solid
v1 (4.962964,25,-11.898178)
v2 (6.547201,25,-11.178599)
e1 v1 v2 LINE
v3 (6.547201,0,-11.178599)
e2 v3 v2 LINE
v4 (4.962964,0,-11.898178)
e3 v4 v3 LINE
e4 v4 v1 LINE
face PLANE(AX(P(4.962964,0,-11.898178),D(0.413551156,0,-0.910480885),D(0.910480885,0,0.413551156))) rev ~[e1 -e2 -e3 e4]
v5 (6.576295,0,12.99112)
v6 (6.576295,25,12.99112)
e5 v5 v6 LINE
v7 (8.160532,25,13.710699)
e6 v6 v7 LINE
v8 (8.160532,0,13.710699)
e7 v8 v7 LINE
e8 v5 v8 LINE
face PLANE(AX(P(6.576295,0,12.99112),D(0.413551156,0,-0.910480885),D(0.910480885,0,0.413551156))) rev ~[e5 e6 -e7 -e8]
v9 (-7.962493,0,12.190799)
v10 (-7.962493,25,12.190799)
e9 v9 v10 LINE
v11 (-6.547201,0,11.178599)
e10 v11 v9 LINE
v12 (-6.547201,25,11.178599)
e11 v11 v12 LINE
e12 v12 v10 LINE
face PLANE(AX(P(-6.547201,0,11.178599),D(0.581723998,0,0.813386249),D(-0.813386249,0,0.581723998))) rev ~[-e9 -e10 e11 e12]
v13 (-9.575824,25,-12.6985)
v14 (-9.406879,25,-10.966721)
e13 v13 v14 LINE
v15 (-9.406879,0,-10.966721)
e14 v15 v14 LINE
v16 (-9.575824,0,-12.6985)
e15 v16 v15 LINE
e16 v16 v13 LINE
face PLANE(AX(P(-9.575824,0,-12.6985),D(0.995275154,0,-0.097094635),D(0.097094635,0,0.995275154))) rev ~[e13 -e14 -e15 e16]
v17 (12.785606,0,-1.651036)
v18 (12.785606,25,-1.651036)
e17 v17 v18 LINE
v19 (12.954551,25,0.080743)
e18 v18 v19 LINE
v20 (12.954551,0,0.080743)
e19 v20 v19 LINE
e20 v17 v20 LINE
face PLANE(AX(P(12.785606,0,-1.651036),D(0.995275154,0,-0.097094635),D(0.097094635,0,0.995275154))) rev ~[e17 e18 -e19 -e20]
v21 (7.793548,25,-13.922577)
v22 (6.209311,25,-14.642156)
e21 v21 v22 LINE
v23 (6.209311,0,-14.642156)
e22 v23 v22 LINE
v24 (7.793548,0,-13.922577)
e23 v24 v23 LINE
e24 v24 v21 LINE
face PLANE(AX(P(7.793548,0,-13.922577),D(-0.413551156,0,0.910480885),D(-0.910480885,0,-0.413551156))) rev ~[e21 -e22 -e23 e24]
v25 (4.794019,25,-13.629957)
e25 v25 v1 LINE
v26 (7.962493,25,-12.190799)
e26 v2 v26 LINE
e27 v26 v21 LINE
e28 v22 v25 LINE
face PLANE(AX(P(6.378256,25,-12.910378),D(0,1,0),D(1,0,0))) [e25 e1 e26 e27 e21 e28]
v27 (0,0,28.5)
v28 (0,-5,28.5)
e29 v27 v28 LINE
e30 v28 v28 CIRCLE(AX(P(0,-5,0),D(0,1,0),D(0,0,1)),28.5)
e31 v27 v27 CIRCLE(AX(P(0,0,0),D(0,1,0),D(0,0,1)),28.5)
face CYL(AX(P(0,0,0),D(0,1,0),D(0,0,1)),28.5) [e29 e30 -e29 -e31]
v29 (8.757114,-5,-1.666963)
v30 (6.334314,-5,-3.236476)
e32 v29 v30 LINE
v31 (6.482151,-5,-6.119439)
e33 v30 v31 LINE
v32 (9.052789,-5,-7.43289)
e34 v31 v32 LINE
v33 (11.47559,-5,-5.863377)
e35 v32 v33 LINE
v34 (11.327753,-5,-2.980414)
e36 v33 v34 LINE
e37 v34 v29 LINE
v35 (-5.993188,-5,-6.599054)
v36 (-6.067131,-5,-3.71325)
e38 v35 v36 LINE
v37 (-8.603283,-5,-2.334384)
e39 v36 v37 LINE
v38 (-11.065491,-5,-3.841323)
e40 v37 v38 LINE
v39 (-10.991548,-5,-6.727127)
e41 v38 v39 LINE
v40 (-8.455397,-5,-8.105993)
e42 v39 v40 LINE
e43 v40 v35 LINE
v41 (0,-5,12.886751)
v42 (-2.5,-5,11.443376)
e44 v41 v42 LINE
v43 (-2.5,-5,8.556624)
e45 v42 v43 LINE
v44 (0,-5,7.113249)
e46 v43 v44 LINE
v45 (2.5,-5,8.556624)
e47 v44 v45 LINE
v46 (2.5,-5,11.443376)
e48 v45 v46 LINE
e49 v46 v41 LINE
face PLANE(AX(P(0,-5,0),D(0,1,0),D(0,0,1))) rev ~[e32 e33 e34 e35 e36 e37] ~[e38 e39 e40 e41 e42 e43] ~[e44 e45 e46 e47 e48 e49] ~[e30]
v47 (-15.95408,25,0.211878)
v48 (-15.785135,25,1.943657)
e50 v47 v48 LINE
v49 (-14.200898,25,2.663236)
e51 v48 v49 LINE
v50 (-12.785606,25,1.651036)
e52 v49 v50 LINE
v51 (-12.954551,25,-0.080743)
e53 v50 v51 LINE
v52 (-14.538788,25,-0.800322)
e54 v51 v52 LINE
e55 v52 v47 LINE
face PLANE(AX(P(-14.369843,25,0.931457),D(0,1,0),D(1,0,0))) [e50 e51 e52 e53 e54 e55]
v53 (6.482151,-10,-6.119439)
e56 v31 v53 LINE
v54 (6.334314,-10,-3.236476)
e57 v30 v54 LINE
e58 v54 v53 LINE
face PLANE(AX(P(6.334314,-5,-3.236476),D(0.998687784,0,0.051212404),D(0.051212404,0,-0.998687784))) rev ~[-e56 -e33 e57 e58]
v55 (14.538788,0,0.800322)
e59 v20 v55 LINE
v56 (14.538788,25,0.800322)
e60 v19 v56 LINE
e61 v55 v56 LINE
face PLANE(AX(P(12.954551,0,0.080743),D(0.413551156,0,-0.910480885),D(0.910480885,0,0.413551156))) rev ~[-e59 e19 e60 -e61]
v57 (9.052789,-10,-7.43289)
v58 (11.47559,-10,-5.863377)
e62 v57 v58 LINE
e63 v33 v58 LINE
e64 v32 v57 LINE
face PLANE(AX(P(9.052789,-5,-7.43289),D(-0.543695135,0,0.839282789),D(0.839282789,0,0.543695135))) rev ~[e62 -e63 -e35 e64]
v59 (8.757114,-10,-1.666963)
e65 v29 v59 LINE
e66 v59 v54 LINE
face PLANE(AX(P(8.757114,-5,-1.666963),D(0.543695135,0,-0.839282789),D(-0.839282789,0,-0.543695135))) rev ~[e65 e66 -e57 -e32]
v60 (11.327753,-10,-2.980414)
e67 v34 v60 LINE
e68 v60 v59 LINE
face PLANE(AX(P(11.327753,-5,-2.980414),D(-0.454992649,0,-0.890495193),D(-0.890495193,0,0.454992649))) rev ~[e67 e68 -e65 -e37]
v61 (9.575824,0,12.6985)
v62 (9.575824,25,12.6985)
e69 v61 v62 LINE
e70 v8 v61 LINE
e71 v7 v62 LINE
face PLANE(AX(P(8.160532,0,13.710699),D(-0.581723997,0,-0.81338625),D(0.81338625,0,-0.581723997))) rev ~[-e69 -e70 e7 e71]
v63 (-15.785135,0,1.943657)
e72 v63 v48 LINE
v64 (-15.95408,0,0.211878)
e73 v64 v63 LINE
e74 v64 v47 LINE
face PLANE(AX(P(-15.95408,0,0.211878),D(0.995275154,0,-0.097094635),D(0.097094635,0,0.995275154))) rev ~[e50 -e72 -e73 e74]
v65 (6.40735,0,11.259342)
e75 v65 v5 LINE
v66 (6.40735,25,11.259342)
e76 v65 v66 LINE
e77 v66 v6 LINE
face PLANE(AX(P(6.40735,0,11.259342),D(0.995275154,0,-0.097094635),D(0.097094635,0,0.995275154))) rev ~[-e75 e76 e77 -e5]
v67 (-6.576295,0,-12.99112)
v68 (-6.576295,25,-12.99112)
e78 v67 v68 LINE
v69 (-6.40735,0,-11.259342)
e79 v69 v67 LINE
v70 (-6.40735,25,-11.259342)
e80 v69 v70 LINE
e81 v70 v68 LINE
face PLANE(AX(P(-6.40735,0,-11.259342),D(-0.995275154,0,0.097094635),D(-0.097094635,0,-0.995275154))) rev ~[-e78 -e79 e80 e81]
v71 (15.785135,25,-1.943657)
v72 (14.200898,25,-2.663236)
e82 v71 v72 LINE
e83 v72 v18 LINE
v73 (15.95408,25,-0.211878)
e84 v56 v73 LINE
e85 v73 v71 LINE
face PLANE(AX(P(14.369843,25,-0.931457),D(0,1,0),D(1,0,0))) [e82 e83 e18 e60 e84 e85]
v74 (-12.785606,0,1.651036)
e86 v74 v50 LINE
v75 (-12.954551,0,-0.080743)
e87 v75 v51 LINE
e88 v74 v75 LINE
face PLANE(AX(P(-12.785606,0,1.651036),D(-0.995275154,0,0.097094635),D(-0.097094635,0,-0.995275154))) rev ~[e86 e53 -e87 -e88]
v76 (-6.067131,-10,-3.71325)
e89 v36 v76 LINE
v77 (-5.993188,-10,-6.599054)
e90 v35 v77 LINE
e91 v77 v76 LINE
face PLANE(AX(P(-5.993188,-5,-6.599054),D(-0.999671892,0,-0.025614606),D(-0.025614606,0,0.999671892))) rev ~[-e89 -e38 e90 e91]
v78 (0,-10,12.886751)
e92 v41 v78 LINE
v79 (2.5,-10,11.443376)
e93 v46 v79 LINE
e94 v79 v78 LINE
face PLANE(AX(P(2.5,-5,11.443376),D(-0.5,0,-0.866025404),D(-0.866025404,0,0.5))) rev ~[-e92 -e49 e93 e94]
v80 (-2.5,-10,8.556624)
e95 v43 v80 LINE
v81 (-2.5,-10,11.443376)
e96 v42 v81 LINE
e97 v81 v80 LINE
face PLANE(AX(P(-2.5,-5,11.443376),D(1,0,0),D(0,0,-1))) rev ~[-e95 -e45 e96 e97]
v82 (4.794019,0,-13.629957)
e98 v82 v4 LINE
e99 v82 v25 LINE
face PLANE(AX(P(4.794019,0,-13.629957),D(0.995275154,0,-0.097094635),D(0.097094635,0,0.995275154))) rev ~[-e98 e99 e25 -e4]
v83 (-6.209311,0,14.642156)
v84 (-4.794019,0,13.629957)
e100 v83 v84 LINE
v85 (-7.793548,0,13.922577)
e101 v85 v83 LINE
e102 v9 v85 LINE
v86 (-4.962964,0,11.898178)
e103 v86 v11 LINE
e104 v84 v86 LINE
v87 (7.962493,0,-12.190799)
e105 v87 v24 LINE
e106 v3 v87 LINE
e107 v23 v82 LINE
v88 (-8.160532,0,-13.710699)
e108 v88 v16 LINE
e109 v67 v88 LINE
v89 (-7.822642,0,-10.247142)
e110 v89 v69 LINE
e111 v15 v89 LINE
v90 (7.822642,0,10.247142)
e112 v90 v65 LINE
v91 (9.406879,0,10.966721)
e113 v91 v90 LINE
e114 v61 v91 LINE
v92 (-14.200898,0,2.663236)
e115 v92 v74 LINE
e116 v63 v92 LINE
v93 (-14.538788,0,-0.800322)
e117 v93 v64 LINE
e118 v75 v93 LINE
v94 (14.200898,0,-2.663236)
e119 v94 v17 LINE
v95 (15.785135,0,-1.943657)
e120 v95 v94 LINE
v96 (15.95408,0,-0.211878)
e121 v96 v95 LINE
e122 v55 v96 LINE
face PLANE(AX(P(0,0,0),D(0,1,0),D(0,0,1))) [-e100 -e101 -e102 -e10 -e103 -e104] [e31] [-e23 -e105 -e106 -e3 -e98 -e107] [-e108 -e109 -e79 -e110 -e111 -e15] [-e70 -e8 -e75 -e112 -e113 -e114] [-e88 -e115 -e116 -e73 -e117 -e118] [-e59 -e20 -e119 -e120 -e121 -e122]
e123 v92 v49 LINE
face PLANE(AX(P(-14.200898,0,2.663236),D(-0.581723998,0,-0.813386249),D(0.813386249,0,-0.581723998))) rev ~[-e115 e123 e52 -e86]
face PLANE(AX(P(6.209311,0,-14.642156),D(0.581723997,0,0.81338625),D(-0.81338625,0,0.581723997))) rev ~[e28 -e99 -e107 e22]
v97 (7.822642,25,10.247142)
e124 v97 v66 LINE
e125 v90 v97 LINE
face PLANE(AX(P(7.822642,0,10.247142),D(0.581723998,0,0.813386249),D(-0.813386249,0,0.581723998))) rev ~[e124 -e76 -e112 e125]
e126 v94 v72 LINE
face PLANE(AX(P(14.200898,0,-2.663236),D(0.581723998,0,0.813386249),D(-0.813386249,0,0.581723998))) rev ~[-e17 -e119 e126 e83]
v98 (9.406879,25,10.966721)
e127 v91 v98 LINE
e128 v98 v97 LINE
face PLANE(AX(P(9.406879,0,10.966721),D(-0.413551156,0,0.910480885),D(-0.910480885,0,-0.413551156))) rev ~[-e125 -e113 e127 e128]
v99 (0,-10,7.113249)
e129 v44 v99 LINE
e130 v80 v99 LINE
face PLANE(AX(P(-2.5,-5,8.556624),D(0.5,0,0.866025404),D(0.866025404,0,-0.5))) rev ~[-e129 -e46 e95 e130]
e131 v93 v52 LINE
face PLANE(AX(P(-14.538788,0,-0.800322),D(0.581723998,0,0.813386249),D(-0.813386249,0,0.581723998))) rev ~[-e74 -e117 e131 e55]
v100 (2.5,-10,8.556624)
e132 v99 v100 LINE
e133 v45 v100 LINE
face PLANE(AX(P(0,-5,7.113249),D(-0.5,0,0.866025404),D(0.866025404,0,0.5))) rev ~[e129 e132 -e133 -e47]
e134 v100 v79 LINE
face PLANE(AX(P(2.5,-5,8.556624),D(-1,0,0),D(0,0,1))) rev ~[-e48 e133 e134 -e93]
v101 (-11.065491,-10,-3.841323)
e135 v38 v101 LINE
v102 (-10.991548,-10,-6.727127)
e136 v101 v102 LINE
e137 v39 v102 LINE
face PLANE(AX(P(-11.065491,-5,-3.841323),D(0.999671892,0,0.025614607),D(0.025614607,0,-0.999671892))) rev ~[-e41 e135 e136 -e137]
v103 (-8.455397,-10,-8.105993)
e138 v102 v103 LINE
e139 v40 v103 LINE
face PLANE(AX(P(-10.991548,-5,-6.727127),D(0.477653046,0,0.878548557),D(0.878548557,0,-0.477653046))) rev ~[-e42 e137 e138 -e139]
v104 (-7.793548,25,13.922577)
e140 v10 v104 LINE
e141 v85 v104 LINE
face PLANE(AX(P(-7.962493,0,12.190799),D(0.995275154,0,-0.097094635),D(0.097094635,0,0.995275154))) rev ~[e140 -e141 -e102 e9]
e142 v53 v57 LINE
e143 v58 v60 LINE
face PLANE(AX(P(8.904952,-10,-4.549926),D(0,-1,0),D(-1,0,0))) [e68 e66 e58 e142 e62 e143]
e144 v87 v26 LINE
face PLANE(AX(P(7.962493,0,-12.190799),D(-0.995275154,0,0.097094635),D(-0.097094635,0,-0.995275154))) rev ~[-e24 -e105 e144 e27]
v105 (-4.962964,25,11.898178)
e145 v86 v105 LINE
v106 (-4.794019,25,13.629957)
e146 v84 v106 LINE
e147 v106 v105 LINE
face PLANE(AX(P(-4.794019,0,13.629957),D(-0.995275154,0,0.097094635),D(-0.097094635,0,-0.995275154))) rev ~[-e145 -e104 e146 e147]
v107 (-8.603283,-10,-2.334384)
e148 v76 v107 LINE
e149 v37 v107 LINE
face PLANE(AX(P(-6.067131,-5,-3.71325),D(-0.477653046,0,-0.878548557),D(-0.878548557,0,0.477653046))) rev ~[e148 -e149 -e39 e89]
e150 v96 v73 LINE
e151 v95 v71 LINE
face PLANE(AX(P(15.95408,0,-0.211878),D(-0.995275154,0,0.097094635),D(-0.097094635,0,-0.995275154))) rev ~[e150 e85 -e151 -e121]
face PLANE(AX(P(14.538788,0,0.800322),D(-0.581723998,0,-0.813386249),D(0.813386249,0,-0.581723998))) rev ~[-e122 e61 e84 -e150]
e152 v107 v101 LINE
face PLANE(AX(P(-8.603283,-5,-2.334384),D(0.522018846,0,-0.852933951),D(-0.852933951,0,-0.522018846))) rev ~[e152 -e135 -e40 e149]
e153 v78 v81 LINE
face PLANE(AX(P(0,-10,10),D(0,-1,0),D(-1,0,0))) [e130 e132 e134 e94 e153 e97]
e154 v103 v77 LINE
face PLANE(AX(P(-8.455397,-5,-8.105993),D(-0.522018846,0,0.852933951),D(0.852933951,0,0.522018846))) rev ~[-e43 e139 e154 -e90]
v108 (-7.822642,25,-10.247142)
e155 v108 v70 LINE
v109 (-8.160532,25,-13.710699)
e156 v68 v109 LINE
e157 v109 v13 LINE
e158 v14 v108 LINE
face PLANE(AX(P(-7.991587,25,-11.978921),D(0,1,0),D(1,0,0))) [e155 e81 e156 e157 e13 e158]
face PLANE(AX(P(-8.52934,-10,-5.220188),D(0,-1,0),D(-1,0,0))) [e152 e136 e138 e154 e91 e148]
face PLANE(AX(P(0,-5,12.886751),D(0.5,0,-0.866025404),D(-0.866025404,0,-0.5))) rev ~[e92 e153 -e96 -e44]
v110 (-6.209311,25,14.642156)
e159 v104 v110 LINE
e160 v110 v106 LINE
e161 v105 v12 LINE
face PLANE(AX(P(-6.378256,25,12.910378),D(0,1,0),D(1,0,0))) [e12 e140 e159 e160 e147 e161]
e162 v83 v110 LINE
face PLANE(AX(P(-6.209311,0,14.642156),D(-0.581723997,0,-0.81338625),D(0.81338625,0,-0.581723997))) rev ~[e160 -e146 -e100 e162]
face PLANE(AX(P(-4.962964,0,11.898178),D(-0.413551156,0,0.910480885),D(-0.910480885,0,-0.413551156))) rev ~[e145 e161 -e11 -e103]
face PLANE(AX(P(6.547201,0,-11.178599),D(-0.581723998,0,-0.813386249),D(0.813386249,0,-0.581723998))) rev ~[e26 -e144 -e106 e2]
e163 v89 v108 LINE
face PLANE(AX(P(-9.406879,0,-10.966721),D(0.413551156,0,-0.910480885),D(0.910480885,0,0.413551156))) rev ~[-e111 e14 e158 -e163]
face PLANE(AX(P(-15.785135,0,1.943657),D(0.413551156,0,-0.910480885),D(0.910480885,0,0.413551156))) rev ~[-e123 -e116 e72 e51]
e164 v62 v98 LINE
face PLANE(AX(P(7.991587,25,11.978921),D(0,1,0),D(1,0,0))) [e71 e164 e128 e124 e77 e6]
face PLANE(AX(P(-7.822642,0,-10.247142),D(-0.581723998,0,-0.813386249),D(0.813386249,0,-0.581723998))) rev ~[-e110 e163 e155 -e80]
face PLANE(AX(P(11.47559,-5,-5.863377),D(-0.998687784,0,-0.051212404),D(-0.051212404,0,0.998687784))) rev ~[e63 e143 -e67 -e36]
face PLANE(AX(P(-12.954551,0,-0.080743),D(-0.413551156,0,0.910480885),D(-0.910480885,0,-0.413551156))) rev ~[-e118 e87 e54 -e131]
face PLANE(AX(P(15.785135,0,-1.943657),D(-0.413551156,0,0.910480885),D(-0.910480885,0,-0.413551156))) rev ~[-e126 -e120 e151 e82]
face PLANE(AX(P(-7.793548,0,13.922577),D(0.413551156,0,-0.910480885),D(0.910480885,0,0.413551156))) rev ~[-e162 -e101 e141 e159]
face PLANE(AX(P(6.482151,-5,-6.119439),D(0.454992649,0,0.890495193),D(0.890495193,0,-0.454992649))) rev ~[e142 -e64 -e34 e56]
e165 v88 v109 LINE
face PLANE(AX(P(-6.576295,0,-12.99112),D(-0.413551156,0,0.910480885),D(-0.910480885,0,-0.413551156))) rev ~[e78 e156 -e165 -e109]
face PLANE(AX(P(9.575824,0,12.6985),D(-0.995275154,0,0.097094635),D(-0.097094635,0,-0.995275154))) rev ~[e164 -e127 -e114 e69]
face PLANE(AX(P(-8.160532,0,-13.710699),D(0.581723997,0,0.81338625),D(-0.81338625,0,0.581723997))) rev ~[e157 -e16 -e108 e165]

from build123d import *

# Parameters (mm, degrees)
EXTRUDE_1_DEPTH   = 25
EXTRUDE_1_2_DEPTH = 25
EXTRUDE_1_3_DEPTH = 25
EXTRUDE_1_4_DEPTH = 25
EXTRUDE_1_5_DEPTH = 25
EXTRUDE_1_6_DEPTH = 25
SKETCH_2_R        = 28.5
EXTRUDE_2_DEPTH   = 5
EXTRUDE_4_DEPTH   = 5


with BuildPart() as part:
    # 草图1 → 凸台-拉伸1 (new body)
    with BuildSketch(Plane(origin=(0, 0, 0), x_dir=(1, 0, 0), z_dir=(0, 1, 0))):
        Polygon((4.794019272, 13.629956631), (4.962963937, 11.898177863), (6.547200676, 11.178598851), (7.96249275, 12.190798607), (7.793548085, 13.922577374), (6.209311346, 14.642156386), align=None)
    extrude(amount=EXTRUDE_1_DEPTH)



with BuildPart() as body_2:
    # 草图1 → Extrude 1 2 (new body)
    with BuildSketch(Plane(origin=(0, 0, 0), x_dir=(1, 0, 0), z_dir=(0, 1, 0))):
        Polygon((15.954079735, 0.21187806), (15.78513507, 1.943656828), (14.200898331, 2.66323584), (12.785606257, 1.651036084), (12.954550922, -0.080742684), (14.538787661, -0.800321696), align=None)
    extrude(amount=EXTRUDE_1_2_DEPTH)


with BuildPart() as body_3:
    # 草图1 → Extrude 1 3 (new body)
    with BuildSketch(Plane(origin=(0, 0, 0), x_dir=(1, 0, 0), z_dir=(0, 1, 0))):
        Polygon((8.16053165, -13.710699314), (9.575823724, -12.698499559), (9.406879059, -10.966720791), (7.82264232, -10.247141779), (6.407350246, -11.259341535), (6.576294911, -12.991120302), align=None)
    extrude(amount=EXTRUDE_1_3_DEPTH)


with BuildPart() as body_4:
    # 草图1 → Extrude 1 4 (new body)
    with BuildSketch(Plane(origin=(0, 0, 0), x_dir=(1, 0, 0), z_dir=(0, 1, 0))):
        Polygon((-7.793548085, -13.922577374), (-6.209311346, -14.642156386), (-4.794019272, -13.629956631), (-4.962963937, -11.898177863), (-6.547200676, -11.178598851), (-7.96249275, -12.190798607), align=None)
    extrude(amount=EXTRUDE_1_4_DEPTH)


with BuildPart() as body_5:
    # 草图1 → Extrude 1 5 (new body)
    with BuildSketch(Plane(origin=(0, 0, 0), x_dir=(1, 0, 0), z_dir=(0, 1, 0))):
        Polygon((-12.785606257, -1.651036084), (-12.954550922, 0.080742684), (-14.538787661, 0.800321696), (-15.954079735, -0.21187806), (-15.78513507, -1.943656828), (-14.200898331, -2.66323584), align=None)
    extrude(amount=EXTRUDE_1_5_DEPTH)


with BuildPart() as body_6:
    # 草图1 → Extrude 1 6 (new body)
    with BuildSketch(Plane(origin=(0, 0, 0), x_dir=(1, 0, 0), z_dir=(0, 1, 0))):
        Polygon((-6.576294911, 12.991120302), (-8.16053165, 13.710699314), (-9.575823724, 12.698499559), (-9.406879059, 10.966720791), (-7.82264232, 10.247141779), (-6.407350246, 11.259341535), align=None)
    extrude(amount=EXTRUDE_1_6_DEPTH)


with BuildPart() as part_1:
    add(part.part)

    add(body_2.part)  # 凸台-拉伸2 merges body 2

    add(body_3.part)  # 凸台-拉伸2 merges body 3

    add(body_4.part)  # 凸台-拉伸2 merges body 4

    add(body_5.part)  # 凸台-拉伸2 merges body 5

    add(body_6.part)  # 凸台-拉伸2 merges body 6
    # 草图2 → 凸台-拉伸2 (add)
    with BuildSketch(Plane(origin=(0, 0, 0), x_dir=(1, 0, 0), z_dir=(0, 1, 0))):
        with Locations(Location((0, 0, 0), (0, 0, 270))):
            Circle(SKETCH_2_R)
    extrude(amount=-EXTRUDE_2_DEPTH)

    # 草图3 → 凸台-拉伸4 (add)
    with BuildSketch(Plane(origin=(0, -5, 0), x_dir=(-1, 0, 0), z_dir=(0, -1, 0))):
        Polygon((6.067131278, 3.713249853), (8.603282508, 2.334384279), (11.065490739, 3.841322885), (10.991547739, 6.727127065), (8.455396509, 8.105992639), (5.993188279, 6.599054033), align=None)
        Polygon((0, -7.113248654), (-2.5, -8.556624327), (-2.5, -11.443375673), (0, -12.886751346), (2.5, -11.443375673), (2.5, -8.556624327), align=None)
        Polygon((-6.334313735, 3.236475849), (-6.482151211, 6.119439153), (-9.052789409, 7.432889795), (-11.475590131, 5.863377133), (-11.327752654, 2.980413829), (-8.757114457, 1.666963187), align=None)
    extrude(amount=EXTRUDE_4_DEPTH)


solid = part_1.part
